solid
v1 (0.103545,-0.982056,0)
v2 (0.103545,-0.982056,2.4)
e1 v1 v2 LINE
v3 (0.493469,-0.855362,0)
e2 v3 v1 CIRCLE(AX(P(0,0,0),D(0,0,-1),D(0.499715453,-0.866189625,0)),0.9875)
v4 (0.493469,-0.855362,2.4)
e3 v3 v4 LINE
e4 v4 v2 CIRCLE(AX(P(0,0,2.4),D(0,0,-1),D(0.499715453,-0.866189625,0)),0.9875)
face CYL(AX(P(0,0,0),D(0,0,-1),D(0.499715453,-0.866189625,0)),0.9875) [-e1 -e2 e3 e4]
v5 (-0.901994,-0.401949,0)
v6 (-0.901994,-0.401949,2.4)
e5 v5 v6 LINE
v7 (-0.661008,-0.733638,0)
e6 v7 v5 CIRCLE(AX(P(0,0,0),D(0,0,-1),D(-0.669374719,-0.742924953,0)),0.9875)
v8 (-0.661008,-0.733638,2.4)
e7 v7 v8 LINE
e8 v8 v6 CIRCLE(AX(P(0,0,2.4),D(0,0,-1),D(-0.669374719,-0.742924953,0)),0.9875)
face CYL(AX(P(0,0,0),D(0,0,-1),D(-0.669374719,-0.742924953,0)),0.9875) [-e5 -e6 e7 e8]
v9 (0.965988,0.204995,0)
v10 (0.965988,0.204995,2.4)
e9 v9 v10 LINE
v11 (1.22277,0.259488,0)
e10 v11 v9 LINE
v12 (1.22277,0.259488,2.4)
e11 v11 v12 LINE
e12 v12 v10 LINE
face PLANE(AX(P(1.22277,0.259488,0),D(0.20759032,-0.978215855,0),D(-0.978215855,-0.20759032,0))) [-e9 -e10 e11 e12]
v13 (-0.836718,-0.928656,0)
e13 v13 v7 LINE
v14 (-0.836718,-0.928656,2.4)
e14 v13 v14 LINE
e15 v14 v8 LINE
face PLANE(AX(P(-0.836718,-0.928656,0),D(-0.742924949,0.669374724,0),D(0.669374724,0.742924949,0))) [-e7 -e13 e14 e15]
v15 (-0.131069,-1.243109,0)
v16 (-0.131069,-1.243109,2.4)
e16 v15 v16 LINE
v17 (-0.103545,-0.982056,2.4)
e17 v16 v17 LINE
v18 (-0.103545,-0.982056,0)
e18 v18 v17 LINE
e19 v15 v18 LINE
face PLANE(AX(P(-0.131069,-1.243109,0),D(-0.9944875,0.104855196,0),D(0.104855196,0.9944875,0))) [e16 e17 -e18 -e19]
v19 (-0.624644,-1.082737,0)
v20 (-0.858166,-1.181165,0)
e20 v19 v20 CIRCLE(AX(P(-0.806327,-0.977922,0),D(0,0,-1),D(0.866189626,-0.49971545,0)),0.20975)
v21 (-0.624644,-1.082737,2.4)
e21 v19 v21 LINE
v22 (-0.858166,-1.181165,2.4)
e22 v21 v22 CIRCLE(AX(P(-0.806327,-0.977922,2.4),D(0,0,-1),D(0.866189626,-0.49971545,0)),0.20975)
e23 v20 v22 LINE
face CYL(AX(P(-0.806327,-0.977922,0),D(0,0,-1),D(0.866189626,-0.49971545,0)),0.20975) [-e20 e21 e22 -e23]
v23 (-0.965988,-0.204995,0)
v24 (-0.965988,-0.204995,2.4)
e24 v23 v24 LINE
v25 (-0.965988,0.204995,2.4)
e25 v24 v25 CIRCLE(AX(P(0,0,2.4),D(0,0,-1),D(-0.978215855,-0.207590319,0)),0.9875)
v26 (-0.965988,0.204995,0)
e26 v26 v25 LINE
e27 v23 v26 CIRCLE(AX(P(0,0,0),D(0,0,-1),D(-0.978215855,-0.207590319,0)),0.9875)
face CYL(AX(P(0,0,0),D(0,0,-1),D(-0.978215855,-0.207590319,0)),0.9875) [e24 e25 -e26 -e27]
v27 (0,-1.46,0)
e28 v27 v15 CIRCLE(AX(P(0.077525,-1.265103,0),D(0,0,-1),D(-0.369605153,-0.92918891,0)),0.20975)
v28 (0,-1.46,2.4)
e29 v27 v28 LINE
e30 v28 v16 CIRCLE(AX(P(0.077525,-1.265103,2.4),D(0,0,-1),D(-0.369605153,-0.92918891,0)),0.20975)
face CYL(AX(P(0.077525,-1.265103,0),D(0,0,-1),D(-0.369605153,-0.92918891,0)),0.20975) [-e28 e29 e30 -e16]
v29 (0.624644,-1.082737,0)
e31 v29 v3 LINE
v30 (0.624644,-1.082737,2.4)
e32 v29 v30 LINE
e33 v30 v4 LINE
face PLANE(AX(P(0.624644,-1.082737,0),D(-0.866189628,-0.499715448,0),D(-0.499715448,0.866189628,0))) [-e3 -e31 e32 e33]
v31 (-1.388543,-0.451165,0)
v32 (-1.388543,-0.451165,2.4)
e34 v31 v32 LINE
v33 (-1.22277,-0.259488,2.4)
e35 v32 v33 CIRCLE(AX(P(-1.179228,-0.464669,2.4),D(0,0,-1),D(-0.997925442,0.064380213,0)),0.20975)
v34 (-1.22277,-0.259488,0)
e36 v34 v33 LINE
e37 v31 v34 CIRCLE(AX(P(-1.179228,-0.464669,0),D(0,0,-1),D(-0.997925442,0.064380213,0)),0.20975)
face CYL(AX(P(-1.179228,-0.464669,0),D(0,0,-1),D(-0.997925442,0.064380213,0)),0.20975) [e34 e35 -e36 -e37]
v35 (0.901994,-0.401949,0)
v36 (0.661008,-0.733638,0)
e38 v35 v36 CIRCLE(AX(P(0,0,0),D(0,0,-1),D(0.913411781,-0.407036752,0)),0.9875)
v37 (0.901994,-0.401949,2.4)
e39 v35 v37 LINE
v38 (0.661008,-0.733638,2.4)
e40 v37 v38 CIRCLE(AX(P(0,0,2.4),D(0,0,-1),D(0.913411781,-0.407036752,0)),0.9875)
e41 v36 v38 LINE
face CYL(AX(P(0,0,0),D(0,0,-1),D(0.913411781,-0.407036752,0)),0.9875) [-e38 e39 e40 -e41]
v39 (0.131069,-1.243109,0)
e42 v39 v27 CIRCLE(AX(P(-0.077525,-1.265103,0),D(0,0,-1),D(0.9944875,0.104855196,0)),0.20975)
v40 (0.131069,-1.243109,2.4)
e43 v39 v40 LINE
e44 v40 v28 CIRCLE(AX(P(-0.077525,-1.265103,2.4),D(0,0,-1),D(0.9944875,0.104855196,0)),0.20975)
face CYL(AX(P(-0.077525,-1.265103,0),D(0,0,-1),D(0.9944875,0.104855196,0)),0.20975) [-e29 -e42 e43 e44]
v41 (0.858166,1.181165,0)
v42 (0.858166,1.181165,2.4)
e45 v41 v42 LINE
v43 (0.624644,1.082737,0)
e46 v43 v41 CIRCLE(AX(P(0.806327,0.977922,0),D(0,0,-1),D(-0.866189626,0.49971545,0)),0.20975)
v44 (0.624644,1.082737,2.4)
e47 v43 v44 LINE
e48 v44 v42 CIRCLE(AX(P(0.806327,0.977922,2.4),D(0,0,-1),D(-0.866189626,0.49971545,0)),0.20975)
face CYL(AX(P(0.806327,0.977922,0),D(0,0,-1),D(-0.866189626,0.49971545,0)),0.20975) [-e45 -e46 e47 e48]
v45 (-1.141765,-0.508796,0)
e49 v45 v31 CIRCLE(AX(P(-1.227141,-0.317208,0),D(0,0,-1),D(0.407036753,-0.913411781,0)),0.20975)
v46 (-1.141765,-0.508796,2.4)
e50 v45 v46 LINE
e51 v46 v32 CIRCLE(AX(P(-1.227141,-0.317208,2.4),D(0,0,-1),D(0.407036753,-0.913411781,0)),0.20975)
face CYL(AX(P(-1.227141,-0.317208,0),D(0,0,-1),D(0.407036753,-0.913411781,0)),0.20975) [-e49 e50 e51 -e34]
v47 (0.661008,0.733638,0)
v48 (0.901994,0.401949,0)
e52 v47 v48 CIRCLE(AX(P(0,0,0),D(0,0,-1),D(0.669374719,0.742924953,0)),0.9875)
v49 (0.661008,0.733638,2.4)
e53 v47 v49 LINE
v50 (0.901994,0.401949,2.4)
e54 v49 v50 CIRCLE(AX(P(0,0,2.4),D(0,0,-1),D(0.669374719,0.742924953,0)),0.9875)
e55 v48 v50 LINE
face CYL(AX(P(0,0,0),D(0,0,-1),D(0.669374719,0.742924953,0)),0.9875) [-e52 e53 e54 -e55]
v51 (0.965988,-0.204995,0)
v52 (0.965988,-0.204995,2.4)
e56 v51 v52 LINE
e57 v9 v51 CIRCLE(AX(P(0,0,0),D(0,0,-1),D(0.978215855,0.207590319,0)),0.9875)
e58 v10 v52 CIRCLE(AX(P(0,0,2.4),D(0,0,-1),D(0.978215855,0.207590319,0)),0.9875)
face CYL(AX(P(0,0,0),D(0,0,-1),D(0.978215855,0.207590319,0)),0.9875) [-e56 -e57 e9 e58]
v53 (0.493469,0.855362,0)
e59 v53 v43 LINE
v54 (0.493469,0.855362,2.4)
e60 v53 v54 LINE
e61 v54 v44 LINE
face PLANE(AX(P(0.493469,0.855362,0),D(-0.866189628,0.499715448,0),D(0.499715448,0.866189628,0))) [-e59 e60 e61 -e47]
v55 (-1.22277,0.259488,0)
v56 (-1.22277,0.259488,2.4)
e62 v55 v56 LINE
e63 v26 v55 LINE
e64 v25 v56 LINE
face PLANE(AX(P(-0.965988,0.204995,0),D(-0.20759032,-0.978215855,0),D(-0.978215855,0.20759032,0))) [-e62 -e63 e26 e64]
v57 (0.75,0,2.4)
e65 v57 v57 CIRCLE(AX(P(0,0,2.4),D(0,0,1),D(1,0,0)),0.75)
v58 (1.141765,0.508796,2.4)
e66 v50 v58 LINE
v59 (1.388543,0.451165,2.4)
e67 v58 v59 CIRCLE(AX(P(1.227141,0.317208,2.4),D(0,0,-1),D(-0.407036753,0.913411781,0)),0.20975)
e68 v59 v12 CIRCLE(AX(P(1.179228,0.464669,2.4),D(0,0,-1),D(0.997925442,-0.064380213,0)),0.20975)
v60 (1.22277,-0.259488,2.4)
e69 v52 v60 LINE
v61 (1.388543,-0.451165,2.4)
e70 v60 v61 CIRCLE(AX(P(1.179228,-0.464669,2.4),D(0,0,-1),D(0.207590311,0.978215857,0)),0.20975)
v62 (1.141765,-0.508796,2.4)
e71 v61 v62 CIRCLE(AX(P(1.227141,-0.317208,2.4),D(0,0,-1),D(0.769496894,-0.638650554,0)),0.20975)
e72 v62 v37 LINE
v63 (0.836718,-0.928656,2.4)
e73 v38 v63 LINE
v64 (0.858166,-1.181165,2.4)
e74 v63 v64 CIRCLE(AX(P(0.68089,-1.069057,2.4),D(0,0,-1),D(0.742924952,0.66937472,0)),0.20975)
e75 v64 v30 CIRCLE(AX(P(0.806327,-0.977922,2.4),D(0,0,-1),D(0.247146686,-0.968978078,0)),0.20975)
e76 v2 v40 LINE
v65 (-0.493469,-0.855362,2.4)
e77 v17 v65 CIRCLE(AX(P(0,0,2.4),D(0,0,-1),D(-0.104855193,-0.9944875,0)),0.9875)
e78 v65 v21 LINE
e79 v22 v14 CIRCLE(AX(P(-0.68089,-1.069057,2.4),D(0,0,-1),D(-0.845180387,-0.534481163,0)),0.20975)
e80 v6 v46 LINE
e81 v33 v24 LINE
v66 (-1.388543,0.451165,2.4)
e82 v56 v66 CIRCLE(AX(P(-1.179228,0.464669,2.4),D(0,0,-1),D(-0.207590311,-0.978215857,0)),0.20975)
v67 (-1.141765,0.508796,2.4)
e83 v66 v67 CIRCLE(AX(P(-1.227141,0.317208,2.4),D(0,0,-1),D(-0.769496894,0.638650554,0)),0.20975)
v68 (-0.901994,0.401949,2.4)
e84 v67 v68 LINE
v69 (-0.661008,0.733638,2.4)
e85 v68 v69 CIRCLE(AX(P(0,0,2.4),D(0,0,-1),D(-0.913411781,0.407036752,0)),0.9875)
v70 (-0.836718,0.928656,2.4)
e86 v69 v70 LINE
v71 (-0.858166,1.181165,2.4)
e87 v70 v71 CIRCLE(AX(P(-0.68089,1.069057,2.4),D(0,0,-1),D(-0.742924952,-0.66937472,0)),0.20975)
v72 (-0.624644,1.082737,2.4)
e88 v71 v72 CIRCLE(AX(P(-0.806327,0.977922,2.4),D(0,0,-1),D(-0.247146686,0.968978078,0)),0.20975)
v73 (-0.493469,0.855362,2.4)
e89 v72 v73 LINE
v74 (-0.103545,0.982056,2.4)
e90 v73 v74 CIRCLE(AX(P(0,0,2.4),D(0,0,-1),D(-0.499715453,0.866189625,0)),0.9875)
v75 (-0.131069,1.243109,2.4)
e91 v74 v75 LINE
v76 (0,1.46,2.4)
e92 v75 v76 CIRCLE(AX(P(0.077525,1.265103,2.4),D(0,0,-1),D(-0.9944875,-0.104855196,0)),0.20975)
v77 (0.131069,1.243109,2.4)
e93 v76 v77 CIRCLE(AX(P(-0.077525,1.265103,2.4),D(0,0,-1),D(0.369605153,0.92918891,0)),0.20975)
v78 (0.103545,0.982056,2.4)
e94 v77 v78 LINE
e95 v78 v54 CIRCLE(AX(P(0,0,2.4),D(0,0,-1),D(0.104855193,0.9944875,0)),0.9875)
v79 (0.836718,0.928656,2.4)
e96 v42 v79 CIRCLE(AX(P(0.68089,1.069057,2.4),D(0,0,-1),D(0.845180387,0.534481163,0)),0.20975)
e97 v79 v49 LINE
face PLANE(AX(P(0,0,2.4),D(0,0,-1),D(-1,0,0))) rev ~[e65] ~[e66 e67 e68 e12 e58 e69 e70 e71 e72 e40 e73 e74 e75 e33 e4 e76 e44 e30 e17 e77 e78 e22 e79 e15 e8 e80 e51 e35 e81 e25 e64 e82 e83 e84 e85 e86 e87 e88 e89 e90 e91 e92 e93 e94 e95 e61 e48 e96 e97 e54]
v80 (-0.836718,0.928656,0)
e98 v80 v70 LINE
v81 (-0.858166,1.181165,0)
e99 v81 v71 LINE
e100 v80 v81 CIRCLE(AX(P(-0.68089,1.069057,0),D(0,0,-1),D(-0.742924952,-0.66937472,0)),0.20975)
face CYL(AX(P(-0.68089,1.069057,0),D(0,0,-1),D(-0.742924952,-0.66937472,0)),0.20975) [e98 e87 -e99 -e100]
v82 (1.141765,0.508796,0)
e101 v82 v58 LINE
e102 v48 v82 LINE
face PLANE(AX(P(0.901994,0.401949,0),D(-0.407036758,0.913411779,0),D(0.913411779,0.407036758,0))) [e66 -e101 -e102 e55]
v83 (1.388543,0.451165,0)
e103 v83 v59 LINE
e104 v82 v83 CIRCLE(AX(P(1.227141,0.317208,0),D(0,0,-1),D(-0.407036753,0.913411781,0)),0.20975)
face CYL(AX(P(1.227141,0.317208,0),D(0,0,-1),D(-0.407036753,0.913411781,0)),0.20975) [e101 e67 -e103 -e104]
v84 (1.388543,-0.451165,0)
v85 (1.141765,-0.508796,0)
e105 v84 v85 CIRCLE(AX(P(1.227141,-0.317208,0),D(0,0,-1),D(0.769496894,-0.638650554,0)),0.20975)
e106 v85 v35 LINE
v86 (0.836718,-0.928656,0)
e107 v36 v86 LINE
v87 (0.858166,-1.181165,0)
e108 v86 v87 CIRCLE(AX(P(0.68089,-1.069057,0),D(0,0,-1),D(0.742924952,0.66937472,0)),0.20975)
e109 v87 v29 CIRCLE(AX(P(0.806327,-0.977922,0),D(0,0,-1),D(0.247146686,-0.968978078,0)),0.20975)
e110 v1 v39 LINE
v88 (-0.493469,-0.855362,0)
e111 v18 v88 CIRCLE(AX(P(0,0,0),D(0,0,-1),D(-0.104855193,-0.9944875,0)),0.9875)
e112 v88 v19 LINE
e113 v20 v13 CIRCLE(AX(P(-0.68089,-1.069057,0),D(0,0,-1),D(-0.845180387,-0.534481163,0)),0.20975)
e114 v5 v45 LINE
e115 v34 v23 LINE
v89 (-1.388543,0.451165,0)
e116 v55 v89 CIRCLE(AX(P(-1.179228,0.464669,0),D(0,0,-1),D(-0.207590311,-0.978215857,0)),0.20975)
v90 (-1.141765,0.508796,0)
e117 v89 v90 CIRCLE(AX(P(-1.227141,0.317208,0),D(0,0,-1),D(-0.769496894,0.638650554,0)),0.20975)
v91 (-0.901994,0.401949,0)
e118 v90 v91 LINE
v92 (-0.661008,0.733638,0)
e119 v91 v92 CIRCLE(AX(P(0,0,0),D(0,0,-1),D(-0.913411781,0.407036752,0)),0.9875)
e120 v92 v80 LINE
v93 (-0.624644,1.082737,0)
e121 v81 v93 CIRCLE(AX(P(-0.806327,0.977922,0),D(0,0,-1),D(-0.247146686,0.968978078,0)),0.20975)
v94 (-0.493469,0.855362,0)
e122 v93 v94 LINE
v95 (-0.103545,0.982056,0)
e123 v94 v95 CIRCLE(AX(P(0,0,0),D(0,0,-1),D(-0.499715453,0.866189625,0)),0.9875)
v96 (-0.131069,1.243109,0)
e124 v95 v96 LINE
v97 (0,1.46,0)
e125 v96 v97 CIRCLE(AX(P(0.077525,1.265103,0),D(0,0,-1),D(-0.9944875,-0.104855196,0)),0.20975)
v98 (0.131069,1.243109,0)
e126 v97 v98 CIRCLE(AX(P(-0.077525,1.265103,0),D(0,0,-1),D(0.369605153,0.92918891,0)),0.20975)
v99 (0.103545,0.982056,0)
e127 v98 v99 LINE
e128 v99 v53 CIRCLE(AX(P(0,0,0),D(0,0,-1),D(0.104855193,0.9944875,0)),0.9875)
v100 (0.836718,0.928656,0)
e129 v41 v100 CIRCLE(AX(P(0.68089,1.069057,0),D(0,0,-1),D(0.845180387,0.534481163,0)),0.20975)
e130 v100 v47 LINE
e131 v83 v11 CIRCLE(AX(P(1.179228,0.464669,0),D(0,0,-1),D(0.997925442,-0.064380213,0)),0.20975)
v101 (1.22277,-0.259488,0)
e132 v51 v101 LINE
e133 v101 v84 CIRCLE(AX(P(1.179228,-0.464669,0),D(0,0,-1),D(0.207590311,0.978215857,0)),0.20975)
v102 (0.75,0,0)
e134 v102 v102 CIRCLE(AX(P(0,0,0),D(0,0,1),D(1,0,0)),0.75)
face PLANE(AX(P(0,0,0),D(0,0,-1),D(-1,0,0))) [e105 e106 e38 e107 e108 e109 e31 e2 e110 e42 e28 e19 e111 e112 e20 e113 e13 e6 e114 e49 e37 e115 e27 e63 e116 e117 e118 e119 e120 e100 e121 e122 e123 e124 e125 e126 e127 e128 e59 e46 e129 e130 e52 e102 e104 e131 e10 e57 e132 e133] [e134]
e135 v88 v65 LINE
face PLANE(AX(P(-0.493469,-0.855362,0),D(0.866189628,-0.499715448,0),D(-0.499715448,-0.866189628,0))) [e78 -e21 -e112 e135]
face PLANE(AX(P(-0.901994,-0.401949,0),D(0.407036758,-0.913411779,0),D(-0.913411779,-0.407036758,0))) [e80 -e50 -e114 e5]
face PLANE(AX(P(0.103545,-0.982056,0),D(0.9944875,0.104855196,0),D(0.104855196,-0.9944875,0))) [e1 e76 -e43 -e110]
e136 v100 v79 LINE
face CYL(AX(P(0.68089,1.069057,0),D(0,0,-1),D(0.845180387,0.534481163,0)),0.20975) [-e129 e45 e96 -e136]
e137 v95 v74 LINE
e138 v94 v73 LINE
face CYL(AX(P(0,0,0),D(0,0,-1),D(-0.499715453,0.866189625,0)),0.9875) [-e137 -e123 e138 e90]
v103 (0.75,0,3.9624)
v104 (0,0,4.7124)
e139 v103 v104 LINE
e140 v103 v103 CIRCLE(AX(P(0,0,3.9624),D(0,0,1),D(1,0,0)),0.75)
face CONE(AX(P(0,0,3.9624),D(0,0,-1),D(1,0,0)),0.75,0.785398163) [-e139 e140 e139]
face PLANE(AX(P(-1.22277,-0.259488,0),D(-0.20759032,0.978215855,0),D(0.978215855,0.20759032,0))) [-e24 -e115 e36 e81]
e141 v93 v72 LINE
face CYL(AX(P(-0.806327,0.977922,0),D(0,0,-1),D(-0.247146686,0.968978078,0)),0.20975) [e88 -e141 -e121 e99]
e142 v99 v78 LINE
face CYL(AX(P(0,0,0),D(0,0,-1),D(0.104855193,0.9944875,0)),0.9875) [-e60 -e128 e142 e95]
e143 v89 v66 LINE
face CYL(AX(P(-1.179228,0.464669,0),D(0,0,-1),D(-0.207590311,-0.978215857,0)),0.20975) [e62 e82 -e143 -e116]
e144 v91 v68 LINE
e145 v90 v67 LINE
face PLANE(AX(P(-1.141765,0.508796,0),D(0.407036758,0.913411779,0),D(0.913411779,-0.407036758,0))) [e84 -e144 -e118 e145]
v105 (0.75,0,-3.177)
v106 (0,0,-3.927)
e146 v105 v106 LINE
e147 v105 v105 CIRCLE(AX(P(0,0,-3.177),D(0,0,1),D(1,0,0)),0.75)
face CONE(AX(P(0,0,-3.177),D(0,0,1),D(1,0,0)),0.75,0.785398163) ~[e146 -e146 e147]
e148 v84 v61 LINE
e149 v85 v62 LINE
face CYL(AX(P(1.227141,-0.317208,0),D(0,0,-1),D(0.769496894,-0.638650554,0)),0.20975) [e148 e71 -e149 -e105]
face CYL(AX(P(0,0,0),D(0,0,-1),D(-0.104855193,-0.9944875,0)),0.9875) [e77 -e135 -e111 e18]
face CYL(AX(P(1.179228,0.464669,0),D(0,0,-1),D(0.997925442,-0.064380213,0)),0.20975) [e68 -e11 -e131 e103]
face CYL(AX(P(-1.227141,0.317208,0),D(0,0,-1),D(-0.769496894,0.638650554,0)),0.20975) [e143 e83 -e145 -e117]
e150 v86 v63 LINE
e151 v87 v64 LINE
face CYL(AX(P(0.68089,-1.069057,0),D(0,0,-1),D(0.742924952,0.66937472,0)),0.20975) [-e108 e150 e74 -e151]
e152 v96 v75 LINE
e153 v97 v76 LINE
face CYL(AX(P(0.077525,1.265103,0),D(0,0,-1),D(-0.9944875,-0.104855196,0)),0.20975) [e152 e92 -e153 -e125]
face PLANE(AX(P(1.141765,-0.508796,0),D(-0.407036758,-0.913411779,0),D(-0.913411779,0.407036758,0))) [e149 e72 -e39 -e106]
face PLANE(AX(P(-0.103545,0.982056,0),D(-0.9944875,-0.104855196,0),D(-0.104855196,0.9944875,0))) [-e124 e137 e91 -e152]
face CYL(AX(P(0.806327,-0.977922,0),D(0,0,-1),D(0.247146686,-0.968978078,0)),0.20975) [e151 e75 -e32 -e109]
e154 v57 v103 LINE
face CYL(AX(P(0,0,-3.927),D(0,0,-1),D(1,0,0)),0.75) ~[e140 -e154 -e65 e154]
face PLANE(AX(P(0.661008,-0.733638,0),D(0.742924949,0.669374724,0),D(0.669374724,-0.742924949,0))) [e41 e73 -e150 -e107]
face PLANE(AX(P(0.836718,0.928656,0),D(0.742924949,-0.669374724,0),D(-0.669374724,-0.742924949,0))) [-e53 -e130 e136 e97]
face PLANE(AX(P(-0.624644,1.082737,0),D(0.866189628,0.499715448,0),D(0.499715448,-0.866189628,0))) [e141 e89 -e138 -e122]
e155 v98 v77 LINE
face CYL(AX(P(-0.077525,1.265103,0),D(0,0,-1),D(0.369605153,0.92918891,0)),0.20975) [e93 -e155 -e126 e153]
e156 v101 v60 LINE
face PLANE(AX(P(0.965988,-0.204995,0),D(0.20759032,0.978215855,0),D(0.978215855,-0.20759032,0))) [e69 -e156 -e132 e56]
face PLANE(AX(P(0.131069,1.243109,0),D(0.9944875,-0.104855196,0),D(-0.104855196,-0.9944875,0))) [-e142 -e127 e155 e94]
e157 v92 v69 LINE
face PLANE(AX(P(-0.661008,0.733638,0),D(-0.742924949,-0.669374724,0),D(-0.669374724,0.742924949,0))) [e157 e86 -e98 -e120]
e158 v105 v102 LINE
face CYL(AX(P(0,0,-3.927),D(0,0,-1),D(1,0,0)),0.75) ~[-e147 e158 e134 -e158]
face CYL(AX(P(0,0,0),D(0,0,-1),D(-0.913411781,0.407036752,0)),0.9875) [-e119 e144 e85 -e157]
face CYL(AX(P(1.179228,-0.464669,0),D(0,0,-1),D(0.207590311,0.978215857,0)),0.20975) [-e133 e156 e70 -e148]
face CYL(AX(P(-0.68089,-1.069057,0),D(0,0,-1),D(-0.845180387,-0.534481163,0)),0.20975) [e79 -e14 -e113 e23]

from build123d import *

# Parameters (mm, degrees)
SKETCH1_R                = 0.75
BOSS_EXTRUDE1_DEPTH      = 2.4
BOSS_EXTRUDE2_DEPTH      = 4.7124
BOSS_EXTRUDE2_DEPTH_BACK = 3.927
SKETCH1_2_R              = 0.75
CHAMFER1_SIZE            = 0.75


with BuildPart() as part:
    # Sketch1 → Boss-Extrude1 (new body)
    with BuildSketch(Plane.XY):
        with BuildLine():
            Line((-0.103544507, 0.982056406), (-0.131068996, 1.243109375))
            ThreePointArc((-0.131068996, 1.243109375), (-0.10199222, 1.373586424), (0, 1.46))
            ThreePointArc((0, 1.46), (0.10199222, 1.373586424), (0.131068996, 1.243109375))
            Line((0.131068996, 1.243109375), (0.103544507, 0.982056406))
            ThreePointArc((0.103544507, 0.982056406), (0.305154282, 0.93916831), (0.493469007, 0.855362256))
            Line((0.493469007, 0.855362256), (0.624644312, 1.082737033))
            ThreePointArc((0.624644312, 1.082737033), (0.724860403, 1.171204283), (0.858166468, 1.181164812))
            ThreePointArc((0.858166468, 1.181164812), (0.889887282, 1.051305237), (0.836718403, 0.928656187))
            Line((0.836718403, 0.928656187), (0.661007538, 0.733638388))
            ThreePointArc((0.661007538, 0.733638388), (0.798904282, 0.580437937), (0.901994132, 0.401948797))
            Line((0.901994132, 0.401948797), (1.141764724, 0.508795946))
            ThreePointArc((1.141764724, 0.508795946), (1.27484099, 0.521461914), (1.388542514, 0.451164812))
            ThreePointArc((1.388542514, 0.451164812), (1.337875649, 0.327461182), (1.222769819, 0.2594879))
            Line((1.222769819, 0.2594879), (0.965988157, 0.204995441))
            ThreePointArc((0.965988157, 0.204995441), (0.9875, 0), (0.965988157, -0.204995441))
            Line((0.965988157, -0.204995441), (1.222769819, -0.2594879))
            ThreePointArc((1.222769819, -0.2594879), (1.337875649, -0.327461182), (1.388542514, -0.451164812))
            ThreePointArc((1.388542514, -0.451164812), (1.27484099, -0.521461914), (1.141764724, -0.508795946))
            Line((1.141764724, -0.508795946), (0.901994132, -0.401948797))
            ThreePointArc((0.901994132, -0.401948797), (0.798904282, -0.580437937), (0.661007538, -0.733638388))
            Line((0.661007538, -0.733638388), (0.836718403, -0.928656187))
            ThreePointArc((0.836718403, -0.928656187), (0.889887282, -1.051305237), (0.858166468, -1.181164812))
            ThreePointArc((0.858166468, -1.181164812), (0.724860403, -1.171204283), (0.624644312, -1.082737033))
            Line((0.624644312, -1.082737033), (0.493469007, -0.855362256))
            ThreePointArc((0.493469007, -0.855362256), (0.305154282, -0.93916831), (0.103544507, -0.982056406))
            Line((0.103544507, -0.982056406), (0.131068996, -1.243109375))
            ThreePointArc((0.131068996, -1.243109375), (0.10199222, -1.373586424), (0, -1.46))
            ThreePointArc((0, -1.46), (-0.10199222, -1.373586424), (-0.131068996, -1.243109375))
            Line((-0.131068996, -1.243109375), (-0.103544507, -0.982056406))
            ThreePointArc((-0.103544507, -0.982056406), (-0.305154282, -0.93916831), (-0.493469007, -0.855362256))
            Line((-0.493469007, -0.855362256), (-0.624644312, -1.082737033))
            ThreePointArc((-0.624644312, -1.082737033), (-0.724860403, -1.171204283), (-0.858166468, -1.181164812))
            ThreePointArc((-0.858166468, -1.181164812), (-0.889887282, -1.051305237), (-0.836718403, -0.928656187))
            Line((-0.836718403, -0.928656187), (-0.661007538, -0.733638388))
            ThreePointArc((-0.661007538, -0.733638388), (-0.798904282, -0.580437937), (-0.901994132, -0.401948797))
            Line((-0.901994132, -0.401948797), (-1.141764724, -0.508795946))
            ThreePointArc((-1.141764724, -0.508795946), (-1.27484099, -0.521461914), (-1.388542514, -0.451164812))
            ThreePointArc((-1.388542514, -0.451164812), (-1.337875649, -0.327461182), (-1.222769819, -0.2594879))
            Line((-1.222769819, -0.2594879), (-0.965988157, -0.204995441))
            ThreePointArc((-0.965988157, -0.204995441), (-0.9875, 0), (-0.965988157, 0.204995441))
            Line((-0.965988157, 0.204995441), (-1.222769819, 0.2594879))
            ThreePointArc((-1.222769819, 0.2594879), (-1.337875649, 0.327461182), (-1.388542514, 0.451164812))
            ThreePointArc((-1.388542514, 0.451164812), (-1.27484099, 0.521461914), (-1.141764724, 0.508795946))
            Line((-1.141764724, 0.508795946), (-0.901994132, 0.401948797))
            ThreePointArc((-0.901994132, 0.401948797), (-0.798904282, 0.580437937), (-0.661007538, 0.733638388))
            Line((-0.661007538, 0.733638388), (-0.836718403, 0.928656187))
            ThreePointArc((-0.836718403, 0.928656187), (-0.889887282, 1.051305237), (-0.858166468, 1.181164812))
            ThreePointArc((-0.858166468, 1.181164812), (-0.724860403, 1.171204283), (-0.624644312, 1.082737033))
            Line((-0.624644312, 1.082737033), (-0.493469007, 0.855362256))
            ThreePointArc((-0.493469007, 0.855362256), (-0.305154282, 0.93916831), (-0.103544507, 0.982056406))
        make_face()
        Circle(SKETCH1_R, mode=Mode.SUBTRACT)
    extrude(amount=BOSS_EXTRUDE1_DEPTH)

    # Sketch1<2> → Boss-Extrude2 (add, two sides: drawn at the far end of the back side and taken through both)
    with BuildSketch(Plane.XY.offset(-BOSS_EXTRUDE2_DEPTH_BACK)):
        Circle(SKETCH1_2_R)
    extrude(amount=BOSS_EXTRUDE2_DEPTH + BOSS_EXTRUDE2_DEPTH_BACK)

    # Chamfer1
    chamfer1_edges = [part.edges().sort_by_distance(p)[0] for p in [
        (-0.75, 0, -3.927),
        (-0.75, 0, 4.7124),
    ]]
    chamfer(chamfer1_edges, length=CHAMFER1_SIZE)


solid = part.part
